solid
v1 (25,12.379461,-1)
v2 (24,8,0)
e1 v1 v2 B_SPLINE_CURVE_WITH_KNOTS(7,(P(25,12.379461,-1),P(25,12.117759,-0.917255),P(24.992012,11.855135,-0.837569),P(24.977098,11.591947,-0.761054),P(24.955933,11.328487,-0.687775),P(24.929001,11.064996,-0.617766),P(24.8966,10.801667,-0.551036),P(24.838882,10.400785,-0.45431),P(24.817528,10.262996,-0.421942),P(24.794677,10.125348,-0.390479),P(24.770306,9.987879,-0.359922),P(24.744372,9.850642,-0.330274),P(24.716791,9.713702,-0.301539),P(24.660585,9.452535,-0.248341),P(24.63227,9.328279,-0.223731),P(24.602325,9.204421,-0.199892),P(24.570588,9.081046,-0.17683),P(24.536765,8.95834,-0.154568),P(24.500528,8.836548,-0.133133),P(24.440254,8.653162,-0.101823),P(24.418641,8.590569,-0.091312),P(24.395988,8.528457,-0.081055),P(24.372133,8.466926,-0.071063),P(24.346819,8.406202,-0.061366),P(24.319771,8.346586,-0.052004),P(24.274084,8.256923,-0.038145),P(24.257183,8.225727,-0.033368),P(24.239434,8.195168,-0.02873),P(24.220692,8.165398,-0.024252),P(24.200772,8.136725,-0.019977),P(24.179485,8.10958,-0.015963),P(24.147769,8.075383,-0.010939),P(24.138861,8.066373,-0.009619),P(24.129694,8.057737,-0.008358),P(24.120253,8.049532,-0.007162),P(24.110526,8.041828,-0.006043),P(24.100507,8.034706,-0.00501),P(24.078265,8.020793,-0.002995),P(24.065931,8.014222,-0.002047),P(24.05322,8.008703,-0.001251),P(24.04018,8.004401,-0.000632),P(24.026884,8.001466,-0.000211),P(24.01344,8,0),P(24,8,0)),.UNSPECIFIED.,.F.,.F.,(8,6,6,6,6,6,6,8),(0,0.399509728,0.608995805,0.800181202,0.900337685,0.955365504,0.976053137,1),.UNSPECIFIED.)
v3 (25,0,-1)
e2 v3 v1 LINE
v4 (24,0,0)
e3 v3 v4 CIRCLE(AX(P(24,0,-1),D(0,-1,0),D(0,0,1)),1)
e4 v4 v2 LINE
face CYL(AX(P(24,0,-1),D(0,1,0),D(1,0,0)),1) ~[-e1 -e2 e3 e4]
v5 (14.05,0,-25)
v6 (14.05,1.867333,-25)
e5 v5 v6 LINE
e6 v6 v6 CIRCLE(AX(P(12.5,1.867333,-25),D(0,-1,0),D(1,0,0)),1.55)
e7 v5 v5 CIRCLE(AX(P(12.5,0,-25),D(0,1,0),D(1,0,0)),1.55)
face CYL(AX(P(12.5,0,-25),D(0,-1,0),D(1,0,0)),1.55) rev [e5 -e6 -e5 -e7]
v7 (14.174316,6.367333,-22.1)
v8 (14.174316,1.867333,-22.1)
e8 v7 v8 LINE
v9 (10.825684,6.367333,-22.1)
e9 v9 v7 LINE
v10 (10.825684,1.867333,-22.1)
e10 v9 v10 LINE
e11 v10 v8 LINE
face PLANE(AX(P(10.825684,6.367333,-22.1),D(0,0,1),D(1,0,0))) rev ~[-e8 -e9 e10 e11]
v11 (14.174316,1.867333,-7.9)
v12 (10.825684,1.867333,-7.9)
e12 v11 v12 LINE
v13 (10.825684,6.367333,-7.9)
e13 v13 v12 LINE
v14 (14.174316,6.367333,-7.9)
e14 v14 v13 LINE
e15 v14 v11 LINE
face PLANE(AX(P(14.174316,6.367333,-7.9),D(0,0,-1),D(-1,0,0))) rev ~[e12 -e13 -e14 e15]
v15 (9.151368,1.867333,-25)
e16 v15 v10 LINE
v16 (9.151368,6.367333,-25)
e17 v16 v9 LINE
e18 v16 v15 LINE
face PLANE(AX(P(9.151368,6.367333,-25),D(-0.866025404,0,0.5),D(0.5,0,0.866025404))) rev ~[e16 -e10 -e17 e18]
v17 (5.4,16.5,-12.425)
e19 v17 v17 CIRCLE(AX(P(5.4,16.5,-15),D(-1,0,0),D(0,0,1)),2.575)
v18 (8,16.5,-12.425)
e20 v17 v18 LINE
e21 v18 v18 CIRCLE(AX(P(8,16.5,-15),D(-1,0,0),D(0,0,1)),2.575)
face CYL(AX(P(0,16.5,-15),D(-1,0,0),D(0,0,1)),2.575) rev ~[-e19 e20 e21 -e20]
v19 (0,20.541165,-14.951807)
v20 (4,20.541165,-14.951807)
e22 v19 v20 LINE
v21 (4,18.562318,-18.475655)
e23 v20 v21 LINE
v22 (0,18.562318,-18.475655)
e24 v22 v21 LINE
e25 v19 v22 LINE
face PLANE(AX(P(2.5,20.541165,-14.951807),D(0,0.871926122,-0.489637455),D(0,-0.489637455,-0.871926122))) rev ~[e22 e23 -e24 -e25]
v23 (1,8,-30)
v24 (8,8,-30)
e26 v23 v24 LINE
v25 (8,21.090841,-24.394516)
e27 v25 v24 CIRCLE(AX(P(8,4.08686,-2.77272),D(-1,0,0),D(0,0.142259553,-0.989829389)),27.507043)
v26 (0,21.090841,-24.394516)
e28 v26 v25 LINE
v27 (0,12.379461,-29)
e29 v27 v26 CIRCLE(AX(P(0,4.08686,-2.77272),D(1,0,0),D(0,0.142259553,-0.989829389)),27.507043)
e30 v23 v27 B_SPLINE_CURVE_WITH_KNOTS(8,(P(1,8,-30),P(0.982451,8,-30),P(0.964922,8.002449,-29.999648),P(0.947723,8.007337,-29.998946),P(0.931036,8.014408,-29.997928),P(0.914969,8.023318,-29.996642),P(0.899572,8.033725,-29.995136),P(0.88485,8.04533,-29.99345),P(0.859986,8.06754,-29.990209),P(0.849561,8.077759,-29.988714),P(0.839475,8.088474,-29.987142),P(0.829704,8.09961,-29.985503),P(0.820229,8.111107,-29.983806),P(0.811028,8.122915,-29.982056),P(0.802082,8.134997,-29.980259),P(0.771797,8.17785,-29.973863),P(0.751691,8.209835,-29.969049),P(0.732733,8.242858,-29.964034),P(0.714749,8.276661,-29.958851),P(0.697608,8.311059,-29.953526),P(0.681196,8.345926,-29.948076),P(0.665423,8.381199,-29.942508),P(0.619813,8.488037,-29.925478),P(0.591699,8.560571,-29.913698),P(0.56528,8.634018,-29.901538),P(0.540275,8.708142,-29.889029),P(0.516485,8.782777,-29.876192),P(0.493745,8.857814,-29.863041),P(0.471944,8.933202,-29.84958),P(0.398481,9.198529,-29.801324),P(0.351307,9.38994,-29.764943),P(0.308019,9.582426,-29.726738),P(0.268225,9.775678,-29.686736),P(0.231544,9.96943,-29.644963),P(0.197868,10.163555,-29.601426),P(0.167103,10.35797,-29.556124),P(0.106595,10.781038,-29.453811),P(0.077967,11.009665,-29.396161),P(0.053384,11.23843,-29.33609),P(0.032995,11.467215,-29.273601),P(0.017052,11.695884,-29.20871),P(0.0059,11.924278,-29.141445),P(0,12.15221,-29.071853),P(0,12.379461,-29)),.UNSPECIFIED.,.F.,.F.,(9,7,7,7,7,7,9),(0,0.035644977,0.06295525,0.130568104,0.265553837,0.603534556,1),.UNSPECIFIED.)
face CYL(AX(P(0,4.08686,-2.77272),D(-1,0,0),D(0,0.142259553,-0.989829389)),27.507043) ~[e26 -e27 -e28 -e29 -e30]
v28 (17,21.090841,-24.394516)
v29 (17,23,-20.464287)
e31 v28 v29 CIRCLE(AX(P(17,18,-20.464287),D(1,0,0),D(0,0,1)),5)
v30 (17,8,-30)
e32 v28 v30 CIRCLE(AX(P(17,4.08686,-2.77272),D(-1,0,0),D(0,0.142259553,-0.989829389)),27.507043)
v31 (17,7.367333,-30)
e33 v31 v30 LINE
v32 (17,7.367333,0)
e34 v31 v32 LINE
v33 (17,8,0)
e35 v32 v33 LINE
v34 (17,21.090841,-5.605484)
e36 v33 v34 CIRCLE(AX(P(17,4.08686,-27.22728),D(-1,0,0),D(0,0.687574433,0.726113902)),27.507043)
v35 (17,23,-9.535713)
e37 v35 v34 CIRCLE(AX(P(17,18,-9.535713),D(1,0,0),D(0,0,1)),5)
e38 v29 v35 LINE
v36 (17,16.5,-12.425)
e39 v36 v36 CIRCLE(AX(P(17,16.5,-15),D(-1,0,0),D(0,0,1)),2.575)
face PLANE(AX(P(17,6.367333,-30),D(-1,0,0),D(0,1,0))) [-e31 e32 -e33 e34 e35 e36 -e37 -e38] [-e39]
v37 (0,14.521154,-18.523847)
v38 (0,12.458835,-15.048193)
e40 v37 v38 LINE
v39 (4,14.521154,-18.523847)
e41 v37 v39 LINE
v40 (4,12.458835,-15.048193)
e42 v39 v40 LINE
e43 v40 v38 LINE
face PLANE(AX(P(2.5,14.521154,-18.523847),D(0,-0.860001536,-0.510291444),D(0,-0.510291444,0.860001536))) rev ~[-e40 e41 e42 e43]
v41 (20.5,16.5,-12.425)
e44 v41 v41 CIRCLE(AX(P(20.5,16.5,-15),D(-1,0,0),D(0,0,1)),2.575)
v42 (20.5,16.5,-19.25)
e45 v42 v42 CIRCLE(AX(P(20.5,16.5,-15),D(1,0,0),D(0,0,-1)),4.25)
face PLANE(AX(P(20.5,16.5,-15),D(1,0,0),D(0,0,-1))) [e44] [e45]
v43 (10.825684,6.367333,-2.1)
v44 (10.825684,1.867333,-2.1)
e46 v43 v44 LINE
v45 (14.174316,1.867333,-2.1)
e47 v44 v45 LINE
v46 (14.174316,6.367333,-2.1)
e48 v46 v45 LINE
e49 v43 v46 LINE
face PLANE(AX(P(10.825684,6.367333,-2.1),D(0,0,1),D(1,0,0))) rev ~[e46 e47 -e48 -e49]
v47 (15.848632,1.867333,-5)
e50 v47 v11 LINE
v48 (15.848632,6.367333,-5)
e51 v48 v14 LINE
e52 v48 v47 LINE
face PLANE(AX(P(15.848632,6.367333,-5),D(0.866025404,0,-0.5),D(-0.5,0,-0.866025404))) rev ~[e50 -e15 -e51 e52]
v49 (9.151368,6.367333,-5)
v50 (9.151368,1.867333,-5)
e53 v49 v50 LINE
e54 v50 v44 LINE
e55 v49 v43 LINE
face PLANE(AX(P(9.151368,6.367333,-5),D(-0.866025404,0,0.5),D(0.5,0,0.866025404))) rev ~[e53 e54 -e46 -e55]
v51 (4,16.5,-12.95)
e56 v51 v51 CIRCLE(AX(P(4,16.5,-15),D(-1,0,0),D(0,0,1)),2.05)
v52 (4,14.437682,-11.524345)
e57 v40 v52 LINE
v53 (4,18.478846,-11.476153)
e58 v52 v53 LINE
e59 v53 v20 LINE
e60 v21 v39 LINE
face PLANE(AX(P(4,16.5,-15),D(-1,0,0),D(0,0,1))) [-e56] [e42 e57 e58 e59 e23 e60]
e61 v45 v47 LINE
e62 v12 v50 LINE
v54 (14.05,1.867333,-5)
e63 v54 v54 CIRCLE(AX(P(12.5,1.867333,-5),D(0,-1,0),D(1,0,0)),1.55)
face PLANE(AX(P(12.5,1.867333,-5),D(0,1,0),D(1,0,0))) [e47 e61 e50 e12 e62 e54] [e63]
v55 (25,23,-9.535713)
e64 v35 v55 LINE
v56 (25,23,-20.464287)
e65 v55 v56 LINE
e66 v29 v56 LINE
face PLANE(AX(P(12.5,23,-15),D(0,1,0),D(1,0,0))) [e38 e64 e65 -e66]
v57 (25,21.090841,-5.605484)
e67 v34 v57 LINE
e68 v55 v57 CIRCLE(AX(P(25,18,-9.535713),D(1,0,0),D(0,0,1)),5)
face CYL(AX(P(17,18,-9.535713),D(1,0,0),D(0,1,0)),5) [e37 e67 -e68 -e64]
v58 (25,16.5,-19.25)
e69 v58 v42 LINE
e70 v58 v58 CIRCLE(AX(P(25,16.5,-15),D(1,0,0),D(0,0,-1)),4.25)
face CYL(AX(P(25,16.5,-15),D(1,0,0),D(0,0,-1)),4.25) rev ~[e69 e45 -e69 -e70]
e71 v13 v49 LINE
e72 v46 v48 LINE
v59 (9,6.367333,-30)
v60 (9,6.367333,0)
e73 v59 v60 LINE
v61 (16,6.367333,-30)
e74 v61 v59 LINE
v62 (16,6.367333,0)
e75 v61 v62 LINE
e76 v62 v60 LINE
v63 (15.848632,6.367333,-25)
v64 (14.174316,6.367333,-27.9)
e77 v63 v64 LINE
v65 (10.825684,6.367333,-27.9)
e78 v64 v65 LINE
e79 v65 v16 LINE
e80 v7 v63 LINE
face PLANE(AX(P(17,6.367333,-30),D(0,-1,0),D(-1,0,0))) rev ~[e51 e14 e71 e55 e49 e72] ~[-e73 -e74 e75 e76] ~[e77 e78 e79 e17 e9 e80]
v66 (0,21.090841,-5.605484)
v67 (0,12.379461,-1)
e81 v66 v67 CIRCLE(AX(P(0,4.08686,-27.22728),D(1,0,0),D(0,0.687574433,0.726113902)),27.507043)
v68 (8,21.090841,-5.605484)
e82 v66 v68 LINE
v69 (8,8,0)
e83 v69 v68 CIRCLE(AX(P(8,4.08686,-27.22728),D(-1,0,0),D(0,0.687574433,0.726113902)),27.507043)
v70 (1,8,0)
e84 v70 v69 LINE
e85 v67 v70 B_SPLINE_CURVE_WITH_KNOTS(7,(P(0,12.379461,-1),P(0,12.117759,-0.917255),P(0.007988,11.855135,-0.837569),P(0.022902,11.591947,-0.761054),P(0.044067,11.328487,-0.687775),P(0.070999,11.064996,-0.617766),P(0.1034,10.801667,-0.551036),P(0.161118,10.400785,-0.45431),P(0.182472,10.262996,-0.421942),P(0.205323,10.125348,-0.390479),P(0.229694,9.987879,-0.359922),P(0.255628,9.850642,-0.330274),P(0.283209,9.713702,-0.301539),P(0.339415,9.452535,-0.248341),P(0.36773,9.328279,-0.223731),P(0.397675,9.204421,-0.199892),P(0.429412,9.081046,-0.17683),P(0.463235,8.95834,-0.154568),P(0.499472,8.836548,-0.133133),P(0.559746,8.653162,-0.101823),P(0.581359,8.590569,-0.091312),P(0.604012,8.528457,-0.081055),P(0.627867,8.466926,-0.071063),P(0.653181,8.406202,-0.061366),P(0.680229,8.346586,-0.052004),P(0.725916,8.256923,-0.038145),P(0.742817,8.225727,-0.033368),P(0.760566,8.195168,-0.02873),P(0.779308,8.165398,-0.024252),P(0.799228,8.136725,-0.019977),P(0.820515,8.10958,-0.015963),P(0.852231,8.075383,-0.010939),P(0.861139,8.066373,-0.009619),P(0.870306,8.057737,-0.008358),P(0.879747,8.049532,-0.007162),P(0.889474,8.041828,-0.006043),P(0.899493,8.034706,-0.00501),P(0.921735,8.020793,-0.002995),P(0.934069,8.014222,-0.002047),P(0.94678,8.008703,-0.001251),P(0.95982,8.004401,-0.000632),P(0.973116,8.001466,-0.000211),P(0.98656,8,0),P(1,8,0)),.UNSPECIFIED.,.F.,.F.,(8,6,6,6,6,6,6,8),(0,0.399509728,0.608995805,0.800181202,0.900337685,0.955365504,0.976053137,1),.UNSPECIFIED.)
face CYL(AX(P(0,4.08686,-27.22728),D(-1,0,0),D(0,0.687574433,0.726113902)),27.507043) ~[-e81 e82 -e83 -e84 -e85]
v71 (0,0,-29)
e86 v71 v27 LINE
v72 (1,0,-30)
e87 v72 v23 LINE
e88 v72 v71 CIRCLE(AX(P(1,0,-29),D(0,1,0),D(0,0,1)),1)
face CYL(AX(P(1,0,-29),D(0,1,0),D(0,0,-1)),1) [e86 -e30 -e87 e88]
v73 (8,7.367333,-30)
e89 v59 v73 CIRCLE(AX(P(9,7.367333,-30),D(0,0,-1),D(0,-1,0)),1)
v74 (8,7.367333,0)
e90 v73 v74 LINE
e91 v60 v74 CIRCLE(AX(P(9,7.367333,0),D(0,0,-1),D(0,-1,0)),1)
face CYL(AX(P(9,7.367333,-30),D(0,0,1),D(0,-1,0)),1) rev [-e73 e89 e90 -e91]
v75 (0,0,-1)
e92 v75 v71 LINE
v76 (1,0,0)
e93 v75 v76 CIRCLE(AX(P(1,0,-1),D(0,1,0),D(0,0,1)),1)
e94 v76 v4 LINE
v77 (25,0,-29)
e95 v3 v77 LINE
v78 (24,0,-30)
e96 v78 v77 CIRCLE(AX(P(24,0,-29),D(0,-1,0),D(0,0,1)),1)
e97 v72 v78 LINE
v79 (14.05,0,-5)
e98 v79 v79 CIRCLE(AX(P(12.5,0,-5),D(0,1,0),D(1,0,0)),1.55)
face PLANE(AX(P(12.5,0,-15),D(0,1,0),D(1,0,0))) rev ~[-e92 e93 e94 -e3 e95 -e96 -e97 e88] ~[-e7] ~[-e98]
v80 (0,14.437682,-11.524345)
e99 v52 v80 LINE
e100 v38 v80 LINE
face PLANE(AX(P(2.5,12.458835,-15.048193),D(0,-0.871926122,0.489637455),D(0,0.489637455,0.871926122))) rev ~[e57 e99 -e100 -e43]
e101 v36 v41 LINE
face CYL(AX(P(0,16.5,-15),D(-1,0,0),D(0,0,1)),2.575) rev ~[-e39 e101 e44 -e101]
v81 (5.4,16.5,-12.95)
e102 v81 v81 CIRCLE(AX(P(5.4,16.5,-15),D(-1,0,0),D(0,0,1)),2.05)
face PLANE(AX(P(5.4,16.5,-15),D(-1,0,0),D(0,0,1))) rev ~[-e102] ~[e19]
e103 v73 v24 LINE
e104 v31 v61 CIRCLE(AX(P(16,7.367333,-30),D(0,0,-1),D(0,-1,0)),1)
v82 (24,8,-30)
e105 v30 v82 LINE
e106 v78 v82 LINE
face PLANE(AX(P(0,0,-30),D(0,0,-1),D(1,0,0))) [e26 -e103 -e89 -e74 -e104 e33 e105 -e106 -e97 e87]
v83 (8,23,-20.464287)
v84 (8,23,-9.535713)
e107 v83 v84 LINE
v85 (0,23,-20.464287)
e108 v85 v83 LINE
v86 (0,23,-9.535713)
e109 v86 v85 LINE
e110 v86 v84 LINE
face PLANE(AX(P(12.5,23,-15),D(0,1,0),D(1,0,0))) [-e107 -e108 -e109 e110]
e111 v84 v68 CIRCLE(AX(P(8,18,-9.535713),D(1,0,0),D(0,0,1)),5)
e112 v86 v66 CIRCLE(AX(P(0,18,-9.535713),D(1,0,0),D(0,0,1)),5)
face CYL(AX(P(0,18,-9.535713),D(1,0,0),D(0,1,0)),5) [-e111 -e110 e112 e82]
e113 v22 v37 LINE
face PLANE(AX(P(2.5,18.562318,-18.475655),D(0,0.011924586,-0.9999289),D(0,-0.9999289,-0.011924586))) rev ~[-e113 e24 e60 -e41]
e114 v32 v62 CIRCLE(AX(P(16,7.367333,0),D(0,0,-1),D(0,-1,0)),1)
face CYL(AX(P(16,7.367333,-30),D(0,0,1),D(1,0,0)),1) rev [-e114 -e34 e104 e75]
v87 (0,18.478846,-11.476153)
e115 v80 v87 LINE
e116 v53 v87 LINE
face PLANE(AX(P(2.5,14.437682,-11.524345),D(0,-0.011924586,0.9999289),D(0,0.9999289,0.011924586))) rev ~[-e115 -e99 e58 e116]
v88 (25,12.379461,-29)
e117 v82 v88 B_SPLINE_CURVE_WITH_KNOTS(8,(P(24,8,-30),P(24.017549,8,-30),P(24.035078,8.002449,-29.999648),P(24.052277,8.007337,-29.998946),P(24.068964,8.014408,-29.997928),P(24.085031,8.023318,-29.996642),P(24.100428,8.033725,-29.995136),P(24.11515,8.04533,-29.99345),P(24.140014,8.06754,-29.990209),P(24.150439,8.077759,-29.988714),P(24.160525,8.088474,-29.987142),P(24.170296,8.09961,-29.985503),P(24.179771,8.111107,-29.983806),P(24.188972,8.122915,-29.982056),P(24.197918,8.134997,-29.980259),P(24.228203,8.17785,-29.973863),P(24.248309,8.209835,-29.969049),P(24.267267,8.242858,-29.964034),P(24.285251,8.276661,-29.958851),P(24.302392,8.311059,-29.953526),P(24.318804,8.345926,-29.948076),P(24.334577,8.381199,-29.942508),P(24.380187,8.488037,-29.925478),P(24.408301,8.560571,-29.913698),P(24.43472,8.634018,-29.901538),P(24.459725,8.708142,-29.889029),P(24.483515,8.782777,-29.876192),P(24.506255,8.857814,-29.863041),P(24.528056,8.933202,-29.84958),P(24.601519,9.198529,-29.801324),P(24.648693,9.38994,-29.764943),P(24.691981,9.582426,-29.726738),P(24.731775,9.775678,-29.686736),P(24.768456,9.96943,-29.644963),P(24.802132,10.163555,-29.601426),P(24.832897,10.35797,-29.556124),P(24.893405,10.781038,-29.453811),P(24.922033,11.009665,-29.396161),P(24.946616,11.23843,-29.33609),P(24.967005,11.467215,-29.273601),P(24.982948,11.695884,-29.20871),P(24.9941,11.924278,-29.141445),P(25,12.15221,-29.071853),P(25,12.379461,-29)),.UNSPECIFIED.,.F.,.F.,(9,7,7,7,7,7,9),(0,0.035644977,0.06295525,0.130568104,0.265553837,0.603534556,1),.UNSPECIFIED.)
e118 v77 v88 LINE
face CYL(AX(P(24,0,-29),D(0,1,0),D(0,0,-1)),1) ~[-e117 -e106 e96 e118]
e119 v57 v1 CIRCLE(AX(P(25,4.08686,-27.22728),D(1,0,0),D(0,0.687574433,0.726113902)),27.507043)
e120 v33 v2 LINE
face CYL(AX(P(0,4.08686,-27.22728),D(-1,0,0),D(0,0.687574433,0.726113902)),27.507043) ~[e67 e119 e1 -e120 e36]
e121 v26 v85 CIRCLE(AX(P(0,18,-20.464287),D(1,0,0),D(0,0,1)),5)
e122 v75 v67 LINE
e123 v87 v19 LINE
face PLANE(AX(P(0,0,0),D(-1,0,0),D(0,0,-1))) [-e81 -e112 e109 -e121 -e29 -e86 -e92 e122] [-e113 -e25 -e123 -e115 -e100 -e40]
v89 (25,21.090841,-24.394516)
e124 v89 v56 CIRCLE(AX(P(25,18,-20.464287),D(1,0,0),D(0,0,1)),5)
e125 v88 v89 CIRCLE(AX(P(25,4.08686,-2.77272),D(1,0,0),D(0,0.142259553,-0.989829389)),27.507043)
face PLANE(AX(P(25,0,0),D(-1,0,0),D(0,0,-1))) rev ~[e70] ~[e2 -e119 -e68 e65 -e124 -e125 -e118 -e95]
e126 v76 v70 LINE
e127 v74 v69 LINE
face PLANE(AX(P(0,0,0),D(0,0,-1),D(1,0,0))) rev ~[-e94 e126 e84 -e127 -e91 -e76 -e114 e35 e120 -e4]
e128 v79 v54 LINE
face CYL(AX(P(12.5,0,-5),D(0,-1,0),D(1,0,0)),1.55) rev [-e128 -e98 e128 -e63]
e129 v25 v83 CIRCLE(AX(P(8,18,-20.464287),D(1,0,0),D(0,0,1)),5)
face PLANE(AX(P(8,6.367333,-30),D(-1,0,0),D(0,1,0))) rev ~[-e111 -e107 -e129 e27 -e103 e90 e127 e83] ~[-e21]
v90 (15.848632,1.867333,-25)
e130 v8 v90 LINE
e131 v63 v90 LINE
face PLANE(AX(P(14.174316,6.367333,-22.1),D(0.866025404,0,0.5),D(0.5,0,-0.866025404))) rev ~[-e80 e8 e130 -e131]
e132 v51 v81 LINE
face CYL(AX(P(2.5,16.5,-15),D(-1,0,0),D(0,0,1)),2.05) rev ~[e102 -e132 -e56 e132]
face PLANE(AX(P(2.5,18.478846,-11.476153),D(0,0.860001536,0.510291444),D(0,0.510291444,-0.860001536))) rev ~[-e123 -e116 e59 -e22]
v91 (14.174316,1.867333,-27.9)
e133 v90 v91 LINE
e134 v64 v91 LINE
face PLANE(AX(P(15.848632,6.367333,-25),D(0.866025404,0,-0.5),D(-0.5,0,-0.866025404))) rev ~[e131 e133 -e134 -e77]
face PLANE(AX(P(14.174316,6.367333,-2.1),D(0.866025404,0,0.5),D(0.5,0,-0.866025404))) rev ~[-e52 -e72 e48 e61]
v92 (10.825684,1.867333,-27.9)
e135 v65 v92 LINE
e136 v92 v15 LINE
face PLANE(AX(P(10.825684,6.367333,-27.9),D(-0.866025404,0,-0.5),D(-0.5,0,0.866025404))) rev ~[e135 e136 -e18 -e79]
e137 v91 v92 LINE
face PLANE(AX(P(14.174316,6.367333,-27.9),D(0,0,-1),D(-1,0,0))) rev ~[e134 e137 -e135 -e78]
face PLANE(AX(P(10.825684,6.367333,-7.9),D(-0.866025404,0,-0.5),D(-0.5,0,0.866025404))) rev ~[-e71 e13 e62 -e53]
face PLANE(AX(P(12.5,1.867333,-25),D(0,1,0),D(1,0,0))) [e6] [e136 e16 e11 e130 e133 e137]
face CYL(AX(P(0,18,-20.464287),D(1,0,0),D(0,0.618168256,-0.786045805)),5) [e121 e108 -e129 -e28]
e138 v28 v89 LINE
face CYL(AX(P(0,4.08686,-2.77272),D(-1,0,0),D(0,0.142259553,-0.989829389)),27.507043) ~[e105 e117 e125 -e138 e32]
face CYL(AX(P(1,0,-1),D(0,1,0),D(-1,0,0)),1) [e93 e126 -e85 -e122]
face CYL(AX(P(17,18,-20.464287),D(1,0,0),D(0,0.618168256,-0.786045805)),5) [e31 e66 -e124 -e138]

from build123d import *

# Parameters (mm, degrees)
CROQUIS1_W              = 25
CROQUIS1_H              = 30
CROQUIS1_R              = 1.55
SALIENTE_EXTRUIR1_DEPTH = 23
CROQUIS2_W              = 9
CROQUIS2_H              = 16.632666969
CORTAR_EXTRUIR1_DEPTH   = 30
CROQUIS3_R              = 2.575
CORTAR_EXTRUIR2_DEPTH   = 25
CORTAR_EXTRUIR3_DEPTH   = 2.5
CROQUIS5_R              = 4.25
CORTAR_EXTRUIR4_DEPTH   = 4.5
CORTAR_EXTRUIR5_DEPTH   = 4.5
CORTAR_EXTRUIR6_DEPTH   = 25
REDONDEO2_R             = 1
REDONDEO3_R             = 1
REDONDEO4_R             = 5
CROQUIS8_R              = 2.575
CROQUIS8_R_2            = 2.05
SALIENTE_EXTRUIR2_DEPTH = 2.9
CORTAR_EXTRUIR7_DEPTH   = 1.5


with BuildPart() as part:
    # Croquis1 → Saliente-Extruir1 (new body)
    with BuildSketch(Plane(origin=(0, 0, 0), x_dir=(1, 0, 0), z_dir=(0, 1, 0))):
        with Locations((12.5, 15)):
            Rectangle(CROQUIS1_W, CROQUIS1_H)
        with Locations((12.5, 25)):
            Circle(CROQUIS1_R, mode=Mode.SUBTRACT)
        with Locations((12.5, 5)):
            Circle(CROQUIS1_R, mode=Mode.SUBTRACT)
    extrude(amount=SALIENTE_EXTRUIR1_DEPTH)

    # Croquis2 → Cortar-Extruir1 (cut)
    with BuildSketch(Plane(origin=(0, 0, -30), x_dir=(-1, 0, 0), z_dir=(0, 0, -1))):
        with Locations((-12.5, 14.683666516)):
            Rectangle(CROQUIS2_W, CROQUIS2_H)
    extrude(amount=-CORTAR_EXTRUIR1_DEPTH, mode=Mode.SUBTRACT)

    # Croquis3 → Cortar-Extruir2 (cut)
    with BuildSketch(Plane.ZY):
        with Locations((-15, 16.5)):
            Circle(CROQUIS3_R)
    extrude(amount=-CORTAR_EXTRUIR2_DEPTH, mode=Mode.SUBTRACT)

    # Croquis4 → Cortar-Extruir3 (cut)
    with BuildSketch(Plane.ZY):
        Polygon((-14.95180736, 20.541164535), (-18.475654829, 18.562318318), (-18.523847469, 14.521153783), (-15.04819264, 12.458835465), (-11.524345171, 14.437681682), (-11.476152531, 18.478846217), align=None)
    extrude(amount=-CORTAR_EXTRUIR3_DEPTH, mode=Mode.SUBTRACT)

    # Croquis5 → Cortar-Extruir4 (cut)
    with BuildSketch(Plane(origin=(25, 0, 0), x_dir=(0, 0, -1), z_dir=(1, 0, 0))):
        with Locations((15, 16.5)):
            Circle(CROQUIS5_R)
    extrude(amount=-CORTAR_EXTRUIR4_DEPTH, mode=Mode.SUBTRACT)

    # Croquis6 → Cortar-Extruir5 (cut)
    with BuildSketch(Plane(origin=(0, 6.367333031, 0), x_dir=(1, 0, 0), z_dir=(0, 1, 0))):
        Polygon((15.848631561, 25), (14.174315781, 27.9), (10.825684219, 27.9), (9.151368439, 25), (10.825684219, 22.1), (14.174315781, 22.1), align=None)
        Polygon((15.848631561, 5), (14.174315781, 7.9), (10.825684219, 7.9), (9.151368439, 5), (10.825684219, 2.1), (14.174315781, 2.1), align=None)
    extrude(amount=-CORTAR_EXTRUIR5_DEPTH, mode=Mode.SUBTRACT)

    # Croquis7 → Cortar-Extruir6 (cut)
    with BuildSketch(Plane.ZY):
        with BuildLine():
            Line((-22.745966692, 23), (-30, 23))
            Line((-30, 23), (-30, 8))
            ThreePointArc((-30, 8), (-27.536048339, 16.062460813), (-22.745966692, 23))
        make_face()
        with BuildLine():
            Line((0, 23), (-7.254033308, 23))
            ThreePointArc((-7.254033308, 23), (-2.463951661, 16.062460813), (0, 8))
            Line((0, 8), (0, 23))
        make_face()
    extrude(amount=-CORTAR_EXTRUIR6_DEPTH, mode=Mode.SUBTRACT)

    # Redondeo2
    redondeo2_edges = [part.edges().sort_by_distance(p)[0] for p in [
        (8, 6.367333031, -15),
        (17, 6.367333031, -15),
    ]]
    fillet(redondeo2_edges, radius=REDONDEO2_R)

    # Redondeo3
    redondeo3_edges = [part.edges().sort_by_distance(p)[0] for p in [
        (25, 4, -30),
        (0, 4, -30),
        (25, 4, 0),
        (0, 4, 0),
    ]]
    fillet(redondeo3_edges, radius=REDONDEO3_R)

    # Redondeo4
    redondeo4_edges = [part.edges().sort_by_distance(p)[0] for p in [
        (4, 23, -22.745966692),
        (21, 23, -22.745966692),
        (4, 23, -7.254033308),
        (21, 23, -7.254033308),
    ]]
    fillet(redondeo4_edges, radius=REDONDEO4_R)

    # Croquis8 → Saliente-Extruir2 (add)
    with BuildSketch(Plane.ZY.offset(-2.5)):
        with Locations((-15, 16.5)):
            Circle(CROQUIS8_R)
        with Locations((-15, 16.5)):
            Circle(CROQUIS8_R_2, mode=Mode.SUBTRACT)
    extrude(amount=-SALIENTE_EXTRUIR2_DEPTH)

    # Croquis9 → Cortar-Extruir7 (cut)
    with BuildSketch(Plane.ZY.offset(-2.5)):
        Polygon((-11.476152531, 18.478846217), (-14.95180736, 20.541164535), (-18.475654829, 18.562318318), (-18.523847469, 14.521153783), (-15.04819264, 12.458835465), (-11.524345171, 14.437681682), align=None)
    extrude(amount=-CORTAR_EXTRUIR7_DEPTH, mode=Mode.SUBTRACT)


solid = part.part
